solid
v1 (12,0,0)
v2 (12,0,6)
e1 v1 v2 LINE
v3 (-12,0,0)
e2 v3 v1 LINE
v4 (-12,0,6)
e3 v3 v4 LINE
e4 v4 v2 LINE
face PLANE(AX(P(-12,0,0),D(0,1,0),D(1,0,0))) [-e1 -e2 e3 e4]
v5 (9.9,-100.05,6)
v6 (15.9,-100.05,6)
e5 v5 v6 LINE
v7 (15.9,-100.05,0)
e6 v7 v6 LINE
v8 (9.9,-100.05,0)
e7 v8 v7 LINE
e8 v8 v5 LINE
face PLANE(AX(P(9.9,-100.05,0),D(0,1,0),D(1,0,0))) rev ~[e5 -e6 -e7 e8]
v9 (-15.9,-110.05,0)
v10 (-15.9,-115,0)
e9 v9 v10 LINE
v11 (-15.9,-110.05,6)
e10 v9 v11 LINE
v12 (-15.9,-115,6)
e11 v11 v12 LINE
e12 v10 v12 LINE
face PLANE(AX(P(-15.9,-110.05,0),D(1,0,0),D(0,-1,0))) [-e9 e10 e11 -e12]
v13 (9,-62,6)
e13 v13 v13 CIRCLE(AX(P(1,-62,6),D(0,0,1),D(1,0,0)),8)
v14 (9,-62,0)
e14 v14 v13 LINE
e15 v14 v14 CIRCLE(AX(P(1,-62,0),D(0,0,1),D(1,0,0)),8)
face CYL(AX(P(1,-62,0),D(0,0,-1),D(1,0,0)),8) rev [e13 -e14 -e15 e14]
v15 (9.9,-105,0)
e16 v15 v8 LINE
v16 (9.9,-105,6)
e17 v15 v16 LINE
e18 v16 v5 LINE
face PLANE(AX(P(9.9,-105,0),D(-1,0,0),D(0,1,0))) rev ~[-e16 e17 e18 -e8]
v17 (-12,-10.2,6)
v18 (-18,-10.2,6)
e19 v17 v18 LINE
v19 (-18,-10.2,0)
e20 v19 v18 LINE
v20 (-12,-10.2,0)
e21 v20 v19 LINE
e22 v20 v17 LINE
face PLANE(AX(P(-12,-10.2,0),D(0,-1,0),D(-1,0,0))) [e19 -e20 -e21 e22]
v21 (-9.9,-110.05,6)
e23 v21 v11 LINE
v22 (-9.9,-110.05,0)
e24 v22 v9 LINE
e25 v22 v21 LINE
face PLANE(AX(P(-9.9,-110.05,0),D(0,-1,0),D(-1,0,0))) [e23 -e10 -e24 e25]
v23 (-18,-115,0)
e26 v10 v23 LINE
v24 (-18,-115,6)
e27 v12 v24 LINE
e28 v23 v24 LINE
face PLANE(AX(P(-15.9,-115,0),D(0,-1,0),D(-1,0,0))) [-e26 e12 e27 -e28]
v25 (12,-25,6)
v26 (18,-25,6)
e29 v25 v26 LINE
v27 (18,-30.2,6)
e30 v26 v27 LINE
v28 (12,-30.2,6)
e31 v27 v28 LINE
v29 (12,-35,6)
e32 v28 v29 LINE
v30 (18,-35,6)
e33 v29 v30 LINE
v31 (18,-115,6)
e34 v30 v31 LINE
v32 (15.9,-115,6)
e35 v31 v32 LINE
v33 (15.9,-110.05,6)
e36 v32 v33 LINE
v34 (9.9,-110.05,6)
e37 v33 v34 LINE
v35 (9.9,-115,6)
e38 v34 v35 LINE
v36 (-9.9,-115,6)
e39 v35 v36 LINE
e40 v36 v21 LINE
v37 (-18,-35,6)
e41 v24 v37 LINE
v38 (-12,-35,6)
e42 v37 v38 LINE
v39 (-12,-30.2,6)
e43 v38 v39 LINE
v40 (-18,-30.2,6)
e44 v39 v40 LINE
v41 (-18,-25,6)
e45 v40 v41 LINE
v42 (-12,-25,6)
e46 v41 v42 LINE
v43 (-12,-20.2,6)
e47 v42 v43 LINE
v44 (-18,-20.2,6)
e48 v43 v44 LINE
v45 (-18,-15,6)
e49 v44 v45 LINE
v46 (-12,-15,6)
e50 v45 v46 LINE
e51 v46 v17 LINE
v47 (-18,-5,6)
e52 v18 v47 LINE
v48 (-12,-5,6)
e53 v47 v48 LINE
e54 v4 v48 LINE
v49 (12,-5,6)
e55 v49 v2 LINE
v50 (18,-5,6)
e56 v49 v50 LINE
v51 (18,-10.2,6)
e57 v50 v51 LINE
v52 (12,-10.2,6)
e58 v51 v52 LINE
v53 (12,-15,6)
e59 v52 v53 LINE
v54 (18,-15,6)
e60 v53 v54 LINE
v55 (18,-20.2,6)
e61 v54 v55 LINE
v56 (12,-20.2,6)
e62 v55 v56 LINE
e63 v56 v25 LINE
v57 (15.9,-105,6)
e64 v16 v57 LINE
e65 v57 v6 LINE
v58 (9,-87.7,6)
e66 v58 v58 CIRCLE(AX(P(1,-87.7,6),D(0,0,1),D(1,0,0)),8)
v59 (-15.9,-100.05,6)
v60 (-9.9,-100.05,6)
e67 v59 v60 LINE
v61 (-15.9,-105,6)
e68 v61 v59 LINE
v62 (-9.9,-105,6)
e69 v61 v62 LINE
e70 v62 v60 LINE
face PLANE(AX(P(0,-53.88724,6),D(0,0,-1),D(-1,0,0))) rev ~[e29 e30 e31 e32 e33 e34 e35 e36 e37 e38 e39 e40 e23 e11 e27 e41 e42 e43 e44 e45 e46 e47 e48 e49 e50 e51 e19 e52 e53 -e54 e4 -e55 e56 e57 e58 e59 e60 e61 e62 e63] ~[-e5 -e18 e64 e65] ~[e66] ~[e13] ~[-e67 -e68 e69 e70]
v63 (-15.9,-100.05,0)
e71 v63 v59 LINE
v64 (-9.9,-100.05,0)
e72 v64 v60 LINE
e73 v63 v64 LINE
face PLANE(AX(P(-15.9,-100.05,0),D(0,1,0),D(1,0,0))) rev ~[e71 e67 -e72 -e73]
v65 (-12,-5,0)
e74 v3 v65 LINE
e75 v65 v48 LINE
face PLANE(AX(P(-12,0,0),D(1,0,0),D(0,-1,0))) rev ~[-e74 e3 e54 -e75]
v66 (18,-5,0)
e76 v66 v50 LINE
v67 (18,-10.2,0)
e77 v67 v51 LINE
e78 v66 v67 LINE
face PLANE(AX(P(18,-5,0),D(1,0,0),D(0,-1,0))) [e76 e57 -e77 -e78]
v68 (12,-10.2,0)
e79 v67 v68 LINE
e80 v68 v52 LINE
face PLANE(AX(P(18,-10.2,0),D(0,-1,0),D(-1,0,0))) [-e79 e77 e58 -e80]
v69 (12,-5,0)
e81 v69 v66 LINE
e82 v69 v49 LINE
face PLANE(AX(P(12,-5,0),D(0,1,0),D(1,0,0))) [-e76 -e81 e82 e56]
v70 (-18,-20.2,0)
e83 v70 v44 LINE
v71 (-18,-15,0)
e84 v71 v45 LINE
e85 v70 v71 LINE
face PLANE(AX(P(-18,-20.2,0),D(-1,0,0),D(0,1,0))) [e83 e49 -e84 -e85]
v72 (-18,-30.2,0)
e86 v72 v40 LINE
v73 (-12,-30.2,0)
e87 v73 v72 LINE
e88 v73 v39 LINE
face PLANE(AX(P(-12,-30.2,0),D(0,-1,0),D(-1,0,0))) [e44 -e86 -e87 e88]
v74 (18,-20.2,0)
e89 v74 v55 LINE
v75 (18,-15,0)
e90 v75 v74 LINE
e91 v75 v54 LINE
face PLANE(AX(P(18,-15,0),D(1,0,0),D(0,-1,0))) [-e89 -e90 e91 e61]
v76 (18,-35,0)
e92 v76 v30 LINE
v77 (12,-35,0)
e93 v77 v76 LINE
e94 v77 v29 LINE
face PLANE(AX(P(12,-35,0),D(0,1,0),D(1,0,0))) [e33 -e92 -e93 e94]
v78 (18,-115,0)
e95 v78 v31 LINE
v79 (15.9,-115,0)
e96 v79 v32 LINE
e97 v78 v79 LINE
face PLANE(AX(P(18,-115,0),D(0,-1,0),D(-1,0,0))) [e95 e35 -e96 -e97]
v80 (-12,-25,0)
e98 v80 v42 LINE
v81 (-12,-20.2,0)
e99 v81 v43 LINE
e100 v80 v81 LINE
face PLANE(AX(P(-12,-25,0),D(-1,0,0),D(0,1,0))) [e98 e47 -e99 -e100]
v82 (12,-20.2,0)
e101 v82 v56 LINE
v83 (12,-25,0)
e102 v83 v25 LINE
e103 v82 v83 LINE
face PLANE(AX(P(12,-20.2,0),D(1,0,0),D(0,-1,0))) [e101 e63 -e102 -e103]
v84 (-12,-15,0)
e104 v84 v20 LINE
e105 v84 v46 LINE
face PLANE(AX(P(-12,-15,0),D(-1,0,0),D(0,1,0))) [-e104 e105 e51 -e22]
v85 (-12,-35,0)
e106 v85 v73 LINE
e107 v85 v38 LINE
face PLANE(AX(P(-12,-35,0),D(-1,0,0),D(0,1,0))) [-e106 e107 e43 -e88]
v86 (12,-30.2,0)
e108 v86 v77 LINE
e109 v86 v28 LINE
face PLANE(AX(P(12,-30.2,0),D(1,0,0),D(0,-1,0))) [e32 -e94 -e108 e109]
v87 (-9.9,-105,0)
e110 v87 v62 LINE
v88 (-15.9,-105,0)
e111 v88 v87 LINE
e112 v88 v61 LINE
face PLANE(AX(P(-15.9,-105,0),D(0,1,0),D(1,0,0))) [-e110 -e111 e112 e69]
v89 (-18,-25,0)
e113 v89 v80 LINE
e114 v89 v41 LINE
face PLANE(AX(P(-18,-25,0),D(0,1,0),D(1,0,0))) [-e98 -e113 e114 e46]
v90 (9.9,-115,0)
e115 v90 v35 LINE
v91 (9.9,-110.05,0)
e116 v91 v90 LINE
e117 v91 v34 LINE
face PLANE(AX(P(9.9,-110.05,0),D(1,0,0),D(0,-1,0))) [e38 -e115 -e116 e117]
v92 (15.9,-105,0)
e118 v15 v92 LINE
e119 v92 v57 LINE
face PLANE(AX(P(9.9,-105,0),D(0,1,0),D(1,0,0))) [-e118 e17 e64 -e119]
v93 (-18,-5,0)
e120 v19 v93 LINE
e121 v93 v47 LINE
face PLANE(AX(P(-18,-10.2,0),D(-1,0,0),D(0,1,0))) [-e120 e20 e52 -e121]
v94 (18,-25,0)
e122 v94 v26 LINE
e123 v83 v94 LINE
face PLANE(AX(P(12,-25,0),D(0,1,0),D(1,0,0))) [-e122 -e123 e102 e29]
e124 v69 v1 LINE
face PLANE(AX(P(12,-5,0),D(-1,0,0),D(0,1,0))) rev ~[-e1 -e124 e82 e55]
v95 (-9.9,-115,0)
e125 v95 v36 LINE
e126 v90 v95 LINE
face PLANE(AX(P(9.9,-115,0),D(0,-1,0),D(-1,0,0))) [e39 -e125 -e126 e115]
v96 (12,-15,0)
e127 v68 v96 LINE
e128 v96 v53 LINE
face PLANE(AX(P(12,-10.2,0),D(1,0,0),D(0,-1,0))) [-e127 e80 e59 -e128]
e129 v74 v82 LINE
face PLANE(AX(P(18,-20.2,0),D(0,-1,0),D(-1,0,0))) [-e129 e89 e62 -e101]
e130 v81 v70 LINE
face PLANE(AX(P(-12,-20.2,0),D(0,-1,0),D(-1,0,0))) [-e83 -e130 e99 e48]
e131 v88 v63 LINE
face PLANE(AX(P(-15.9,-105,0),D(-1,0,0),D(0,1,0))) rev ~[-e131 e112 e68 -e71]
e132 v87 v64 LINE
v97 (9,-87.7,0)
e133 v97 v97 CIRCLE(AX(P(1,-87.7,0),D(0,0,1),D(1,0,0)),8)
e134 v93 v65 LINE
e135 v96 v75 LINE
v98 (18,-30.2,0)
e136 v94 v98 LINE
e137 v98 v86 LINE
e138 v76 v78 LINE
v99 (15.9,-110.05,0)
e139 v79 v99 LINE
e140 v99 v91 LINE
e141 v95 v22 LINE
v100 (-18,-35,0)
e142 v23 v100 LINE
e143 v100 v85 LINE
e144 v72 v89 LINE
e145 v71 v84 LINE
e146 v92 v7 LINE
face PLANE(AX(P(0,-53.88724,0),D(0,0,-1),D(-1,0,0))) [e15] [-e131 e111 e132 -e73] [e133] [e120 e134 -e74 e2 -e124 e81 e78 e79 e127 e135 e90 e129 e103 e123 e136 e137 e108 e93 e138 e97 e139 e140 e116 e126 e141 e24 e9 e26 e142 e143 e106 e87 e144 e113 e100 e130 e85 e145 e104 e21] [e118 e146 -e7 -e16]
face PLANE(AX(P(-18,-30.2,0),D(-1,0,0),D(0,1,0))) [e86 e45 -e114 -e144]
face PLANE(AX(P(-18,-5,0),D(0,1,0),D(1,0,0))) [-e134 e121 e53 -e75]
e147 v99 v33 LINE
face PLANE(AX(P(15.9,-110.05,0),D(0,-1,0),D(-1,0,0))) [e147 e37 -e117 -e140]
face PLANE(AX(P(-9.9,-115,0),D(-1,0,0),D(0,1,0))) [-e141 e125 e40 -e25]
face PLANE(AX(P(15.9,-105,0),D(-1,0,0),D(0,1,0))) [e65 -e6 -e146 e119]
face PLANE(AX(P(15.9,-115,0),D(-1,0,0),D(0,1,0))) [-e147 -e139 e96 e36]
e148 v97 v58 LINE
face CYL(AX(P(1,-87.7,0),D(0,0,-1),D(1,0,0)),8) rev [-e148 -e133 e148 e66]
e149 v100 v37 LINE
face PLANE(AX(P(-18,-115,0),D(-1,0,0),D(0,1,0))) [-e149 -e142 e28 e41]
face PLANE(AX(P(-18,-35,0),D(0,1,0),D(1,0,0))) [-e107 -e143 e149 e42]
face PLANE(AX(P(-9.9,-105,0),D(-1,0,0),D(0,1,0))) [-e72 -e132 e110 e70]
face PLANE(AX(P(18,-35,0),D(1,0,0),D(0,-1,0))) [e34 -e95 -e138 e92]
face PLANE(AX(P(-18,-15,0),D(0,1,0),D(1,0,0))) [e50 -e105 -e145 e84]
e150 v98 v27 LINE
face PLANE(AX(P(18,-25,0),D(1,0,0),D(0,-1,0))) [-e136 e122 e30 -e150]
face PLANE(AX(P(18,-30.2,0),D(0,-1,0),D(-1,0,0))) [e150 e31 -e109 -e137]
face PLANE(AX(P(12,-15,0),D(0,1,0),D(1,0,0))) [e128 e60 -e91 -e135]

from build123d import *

# Parameters (mm, degrees)
ESQUISSE1_R        = 8
ESQUISSE1_W        = 6
ESQUISSE1_H        = 4.95
BOSS_EXTRU_1_DEPTH = 6


with BuildPart() as part:
    # Esquisse1 → Boss.-Extru.1 (new body)
    with BuildSketch(Plane.XY):
        Polygon((-12, 0), (12, 0), (12, -0.2), (12, -5), (18, -5), (18, -10.2), (12, -10.2), (12, -15), (18, -15), (18, -20.2), (12, -20.2), (12, -25), (18, -25), (18, -30.2), (12, -30.2), (12, -35), (18, -35), (18, -115), (15.9, -115), (15.9, -110.05), (9.9, -110.05), (9.9, -115), (-9.9, -115), (-9.9, -110.05), (-15.9, -110.05), (-15.9, -115), (-18, -115), (-18, -35), (-12, -35), (-12, -30.2), (-18, -30.2), (-18, -25), (-12, -25), (-12, -20.2), (-18, -20.2), (-18, -15), (-12, -15), (-12, -10.2), (-18, -10.2), (-18, -5), (-12, -5), (-12, -0.2), align=None)
        with Locations((1, -87.7)):
            Circle(ESQUISSE1_R, mode=Mode.SUBTRACT)
        with Locations((1, -62)):
            Circle(ESQUISSE1_R, mode=Mode.SUBTRACT)
        with Locations((-12.9, -102.525)):
            Rectangle(ESQUISSE1_W, ESQUISSE1_H, mode=Mode.SUBTRACT)
        with Locations((12.9, -102.525)):
            Rectangle(ESQUISSE1_W, ESQUISSE1_H, mode=Mode.SUBTRACT)
    extrude(amount=BOSS_EXTRU_1_DEPTH)


solid = part.part
